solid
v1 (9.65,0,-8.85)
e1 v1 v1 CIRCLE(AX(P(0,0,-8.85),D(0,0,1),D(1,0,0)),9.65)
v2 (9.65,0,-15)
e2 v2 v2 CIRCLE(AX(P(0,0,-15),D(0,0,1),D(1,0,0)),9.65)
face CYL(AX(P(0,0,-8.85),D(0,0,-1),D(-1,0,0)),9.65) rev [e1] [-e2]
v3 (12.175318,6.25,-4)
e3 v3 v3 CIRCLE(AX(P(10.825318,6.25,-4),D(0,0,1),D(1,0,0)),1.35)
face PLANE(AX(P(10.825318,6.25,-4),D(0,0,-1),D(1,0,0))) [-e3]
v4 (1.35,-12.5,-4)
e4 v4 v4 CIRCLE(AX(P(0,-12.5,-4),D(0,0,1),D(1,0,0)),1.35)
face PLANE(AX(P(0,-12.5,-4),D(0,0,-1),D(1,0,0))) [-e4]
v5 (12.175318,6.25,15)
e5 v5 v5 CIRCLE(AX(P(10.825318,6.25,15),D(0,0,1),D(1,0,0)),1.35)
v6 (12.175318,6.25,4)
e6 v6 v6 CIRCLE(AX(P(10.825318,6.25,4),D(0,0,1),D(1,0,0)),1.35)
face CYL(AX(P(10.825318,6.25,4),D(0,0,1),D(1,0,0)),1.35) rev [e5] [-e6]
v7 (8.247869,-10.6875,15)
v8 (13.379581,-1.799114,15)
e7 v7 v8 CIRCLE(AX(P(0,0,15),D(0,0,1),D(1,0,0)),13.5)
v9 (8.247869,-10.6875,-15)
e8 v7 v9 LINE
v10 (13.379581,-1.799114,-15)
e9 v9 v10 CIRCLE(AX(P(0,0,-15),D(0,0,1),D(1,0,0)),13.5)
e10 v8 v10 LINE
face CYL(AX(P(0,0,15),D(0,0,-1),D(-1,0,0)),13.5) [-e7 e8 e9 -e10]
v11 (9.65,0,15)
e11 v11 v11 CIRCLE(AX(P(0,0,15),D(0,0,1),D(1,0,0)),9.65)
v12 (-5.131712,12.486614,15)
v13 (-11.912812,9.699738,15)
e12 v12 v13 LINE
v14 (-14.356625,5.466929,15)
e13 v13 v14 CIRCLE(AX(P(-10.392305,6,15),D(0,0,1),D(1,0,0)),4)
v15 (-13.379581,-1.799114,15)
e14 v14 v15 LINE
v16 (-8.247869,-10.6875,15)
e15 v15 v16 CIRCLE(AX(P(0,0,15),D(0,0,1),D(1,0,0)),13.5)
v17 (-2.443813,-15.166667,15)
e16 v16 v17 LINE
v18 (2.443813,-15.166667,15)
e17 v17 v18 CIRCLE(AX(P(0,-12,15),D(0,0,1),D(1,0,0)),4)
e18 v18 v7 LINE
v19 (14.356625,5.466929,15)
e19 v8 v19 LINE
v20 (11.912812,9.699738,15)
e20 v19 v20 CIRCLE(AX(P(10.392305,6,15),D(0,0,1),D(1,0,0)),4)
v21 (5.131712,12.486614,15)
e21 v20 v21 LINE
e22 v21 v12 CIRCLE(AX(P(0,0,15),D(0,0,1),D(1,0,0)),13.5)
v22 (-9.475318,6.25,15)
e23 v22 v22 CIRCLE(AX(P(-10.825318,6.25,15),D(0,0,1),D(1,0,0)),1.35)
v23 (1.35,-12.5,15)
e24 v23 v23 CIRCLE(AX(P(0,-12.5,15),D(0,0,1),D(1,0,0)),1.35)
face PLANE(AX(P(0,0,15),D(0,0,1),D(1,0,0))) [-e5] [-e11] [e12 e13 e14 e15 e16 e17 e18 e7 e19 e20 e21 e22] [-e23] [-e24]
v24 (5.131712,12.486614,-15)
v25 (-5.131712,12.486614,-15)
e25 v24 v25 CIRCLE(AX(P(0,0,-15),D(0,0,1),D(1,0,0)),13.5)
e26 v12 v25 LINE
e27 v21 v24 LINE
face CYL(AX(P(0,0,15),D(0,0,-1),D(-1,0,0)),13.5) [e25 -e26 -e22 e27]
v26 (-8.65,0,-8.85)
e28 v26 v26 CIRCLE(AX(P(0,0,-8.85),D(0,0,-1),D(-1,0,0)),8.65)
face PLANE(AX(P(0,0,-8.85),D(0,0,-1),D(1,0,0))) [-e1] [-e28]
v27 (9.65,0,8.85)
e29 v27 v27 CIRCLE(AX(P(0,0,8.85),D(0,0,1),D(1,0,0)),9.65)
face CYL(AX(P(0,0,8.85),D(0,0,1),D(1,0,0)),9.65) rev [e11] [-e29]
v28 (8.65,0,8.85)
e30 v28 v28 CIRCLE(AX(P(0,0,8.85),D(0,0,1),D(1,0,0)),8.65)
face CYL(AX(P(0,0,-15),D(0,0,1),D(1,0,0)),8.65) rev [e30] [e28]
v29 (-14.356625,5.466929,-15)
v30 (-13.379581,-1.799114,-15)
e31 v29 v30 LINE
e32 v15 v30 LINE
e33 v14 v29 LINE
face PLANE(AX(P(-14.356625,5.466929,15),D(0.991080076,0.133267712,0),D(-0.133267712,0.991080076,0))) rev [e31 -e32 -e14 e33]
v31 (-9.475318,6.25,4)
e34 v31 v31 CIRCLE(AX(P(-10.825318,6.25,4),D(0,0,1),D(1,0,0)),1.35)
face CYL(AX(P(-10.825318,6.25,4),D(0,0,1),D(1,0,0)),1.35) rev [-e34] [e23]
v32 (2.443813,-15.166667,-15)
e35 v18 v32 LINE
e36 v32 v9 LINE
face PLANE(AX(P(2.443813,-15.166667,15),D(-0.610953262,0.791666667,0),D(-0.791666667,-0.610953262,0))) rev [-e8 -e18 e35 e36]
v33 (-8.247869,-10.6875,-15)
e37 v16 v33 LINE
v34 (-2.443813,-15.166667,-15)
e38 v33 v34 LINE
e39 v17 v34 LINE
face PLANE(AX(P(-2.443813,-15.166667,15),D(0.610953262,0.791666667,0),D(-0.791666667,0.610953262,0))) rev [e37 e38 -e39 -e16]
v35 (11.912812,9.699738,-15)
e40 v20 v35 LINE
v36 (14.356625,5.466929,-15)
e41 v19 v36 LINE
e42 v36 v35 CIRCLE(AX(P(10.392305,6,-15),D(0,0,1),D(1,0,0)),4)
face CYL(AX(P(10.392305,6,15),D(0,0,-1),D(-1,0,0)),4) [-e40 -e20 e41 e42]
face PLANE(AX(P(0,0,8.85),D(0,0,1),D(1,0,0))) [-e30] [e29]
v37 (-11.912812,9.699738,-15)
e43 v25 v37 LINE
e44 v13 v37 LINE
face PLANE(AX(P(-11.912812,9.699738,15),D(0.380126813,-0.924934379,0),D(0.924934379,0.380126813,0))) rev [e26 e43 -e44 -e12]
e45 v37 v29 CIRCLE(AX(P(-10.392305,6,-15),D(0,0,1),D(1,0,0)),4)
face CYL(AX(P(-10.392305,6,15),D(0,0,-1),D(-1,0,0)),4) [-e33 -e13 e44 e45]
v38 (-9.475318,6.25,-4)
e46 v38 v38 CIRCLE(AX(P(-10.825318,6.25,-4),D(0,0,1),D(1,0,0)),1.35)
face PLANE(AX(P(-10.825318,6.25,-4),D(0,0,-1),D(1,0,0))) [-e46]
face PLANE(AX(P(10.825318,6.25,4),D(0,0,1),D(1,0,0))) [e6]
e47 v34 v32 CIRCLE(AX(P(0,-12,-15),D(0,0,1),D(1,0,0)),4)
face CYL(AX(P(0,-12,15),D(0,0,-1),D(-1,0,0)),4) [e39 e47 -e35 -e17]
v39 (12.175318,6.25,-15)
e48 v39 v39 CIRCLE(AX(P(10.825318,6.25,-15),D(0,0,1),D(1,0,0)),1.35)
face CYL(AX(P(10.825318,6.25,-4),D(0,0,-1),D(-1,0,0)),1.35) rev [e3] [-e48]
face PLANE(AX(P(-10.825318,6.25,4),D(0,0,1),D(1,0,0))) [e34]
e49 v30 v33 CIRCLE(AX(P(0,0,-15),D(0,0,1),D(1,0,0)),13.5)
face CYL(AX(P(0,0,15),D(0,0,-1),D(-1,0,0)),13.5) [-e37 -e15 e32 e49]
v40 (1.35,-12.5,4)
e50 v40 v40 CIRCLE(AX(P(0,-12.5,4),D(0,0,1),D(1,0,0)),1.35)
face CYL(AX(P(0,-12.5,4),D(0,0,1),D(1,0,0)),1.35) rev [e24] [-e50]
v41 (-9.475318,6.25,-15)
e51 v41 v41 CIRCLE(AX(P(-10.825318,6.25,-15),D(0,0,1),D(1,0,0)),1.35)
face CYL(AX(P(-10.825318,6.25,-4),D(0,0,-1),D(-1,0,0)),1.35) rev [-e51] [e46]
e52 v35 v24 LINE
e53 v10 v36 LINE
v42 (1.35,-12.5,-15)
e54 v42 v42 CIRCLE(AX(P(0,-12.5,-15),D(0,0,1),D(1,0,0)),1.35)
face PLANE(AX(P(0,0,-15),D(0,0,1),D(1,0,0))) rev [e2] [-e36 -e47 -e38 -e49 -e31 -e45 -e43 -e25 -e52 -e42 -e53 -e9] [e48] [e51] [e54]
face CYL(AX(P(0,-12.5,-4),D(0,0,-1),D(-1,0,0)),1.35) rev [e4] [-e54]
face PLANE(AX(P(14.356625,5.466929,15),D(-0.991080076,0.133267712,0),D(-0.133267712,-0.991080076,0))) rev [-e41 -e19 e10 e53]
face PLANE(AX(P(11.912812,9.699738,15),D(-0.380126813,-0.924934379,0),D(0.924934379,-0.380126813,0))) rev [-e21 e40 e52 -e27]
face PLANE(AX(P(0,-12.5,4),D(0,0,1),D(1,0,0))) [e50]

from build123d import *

# Parameters (mm, degrees)
EXTRUDE_769_DEPTH      = 15
SKETCH_2_R             = 9.65
CUT_EXTRUDE_1101_DEPTH = 6.15
SKETCH_3_R             = 8.65
CUT_EXTRUDE_1243_DEPTH = 33.124148841
SKETCH_4_R             = 1.35
CUT_EXTRUDE_1735_DEPTH = 11


with BuildPart() as part:
    # Эскиз1 → Extrude 769 (new, symmetric)
    with BuildSketch(Plane.XY):
        with BuildLine():
            Line((-11.912812099, 9.699737517), (-5.131711981, 12.486614118))
            ThreePointArc((-5.131711981, 12.486614118), (0, 13.5), (5.131711981, 12.486614118))
            Line((5.131711981, 12.486614118), (11.912812099, 9.699737517))
            ThreePointArc((11.912812099, 9.699737517), (13.856406461, 8), (14.356625149, 5.46692915))
            Line((14.356625149, 5.46692915), (13.379581024, -1.799114118))
            ThreePointArc((13.379581024, -1.799114118), (11.691342951, -6.75), (8.247869043, -10.6875))
            Line((8.247869043, -10.6875), (2.44381305, -15.166666667))
            ThreePointArc((2.44381305, -15.166666667), (0, -16), (-2.44381305, -15.166666667))
            Line((-2.44381305, -15.166666667), (-8.247869043, -10.6875))
            ThreePointArc((-8.247869043, -10.6875), (-11.691342951, -6.75), (-13.379581024, -1.799114118))
            Line((-13.379581024, -1.799114118), (-14.356625149, 5.46692915))
            ThreePointArc((-14.356625149, 5.46692915), (-13.856406461, 8), (-11.912812099, 9.699737517))
        make_face()
    extrude(amount=EXTRUDE_769_DEPTH, both=True)

    # Эскиз2 → Cut-Extrude 1101 (cut)
    with BuildSketch(Plane.XY.offset(15)):
        Circle(SKETCH_2_R)
    cut_extrude_1101 = extrude(amount=-CUT_EXTRUDE_1101_DEPTH, mode=Mode.SUBTRACT)

    # Mirror 1143: Cut-Extrude 1101 across plane
    add(cut_extrude_1101.mirror(Plane.XY), mode=Mode.SUBTRACT)

    # Эскиз3 → Cut-Extrude 1243 (cut, through all)
    with BuildSketch(Plane.XY.offset(8.85)):
        Circle(SKETCH_3_R)
    extrude(amount=-CUT_EXTRUDE_1243_DEPTH, mode=Mode.SUBTRACT)

    # Эскиз4 → Cut-Extrude 1735 (cut)
    with BuildSketch(Plane.XY.offset(15)):
        with Locations((-10.825317547, 6.25)):
            Circle(SKETCH_4_R)
        with Locations((0, -12.5)):
            Circle(SKETCH_4_R)
        with Locations((10.825317547, 6.25)):
            Circle(SKETCH_4_R)
    cut_extrude_1735 = extrude(amount=-CUT_EXTRUDE_1735_DEPTH, mode=Mode.SUBTRACT)

    # Mirror 1779: Cut-Extrude 1735 across plane
    add(cut_extrude_1735.mirror(Plane.XY), mode=Mode.SUBTRACT)


solid = part.part
